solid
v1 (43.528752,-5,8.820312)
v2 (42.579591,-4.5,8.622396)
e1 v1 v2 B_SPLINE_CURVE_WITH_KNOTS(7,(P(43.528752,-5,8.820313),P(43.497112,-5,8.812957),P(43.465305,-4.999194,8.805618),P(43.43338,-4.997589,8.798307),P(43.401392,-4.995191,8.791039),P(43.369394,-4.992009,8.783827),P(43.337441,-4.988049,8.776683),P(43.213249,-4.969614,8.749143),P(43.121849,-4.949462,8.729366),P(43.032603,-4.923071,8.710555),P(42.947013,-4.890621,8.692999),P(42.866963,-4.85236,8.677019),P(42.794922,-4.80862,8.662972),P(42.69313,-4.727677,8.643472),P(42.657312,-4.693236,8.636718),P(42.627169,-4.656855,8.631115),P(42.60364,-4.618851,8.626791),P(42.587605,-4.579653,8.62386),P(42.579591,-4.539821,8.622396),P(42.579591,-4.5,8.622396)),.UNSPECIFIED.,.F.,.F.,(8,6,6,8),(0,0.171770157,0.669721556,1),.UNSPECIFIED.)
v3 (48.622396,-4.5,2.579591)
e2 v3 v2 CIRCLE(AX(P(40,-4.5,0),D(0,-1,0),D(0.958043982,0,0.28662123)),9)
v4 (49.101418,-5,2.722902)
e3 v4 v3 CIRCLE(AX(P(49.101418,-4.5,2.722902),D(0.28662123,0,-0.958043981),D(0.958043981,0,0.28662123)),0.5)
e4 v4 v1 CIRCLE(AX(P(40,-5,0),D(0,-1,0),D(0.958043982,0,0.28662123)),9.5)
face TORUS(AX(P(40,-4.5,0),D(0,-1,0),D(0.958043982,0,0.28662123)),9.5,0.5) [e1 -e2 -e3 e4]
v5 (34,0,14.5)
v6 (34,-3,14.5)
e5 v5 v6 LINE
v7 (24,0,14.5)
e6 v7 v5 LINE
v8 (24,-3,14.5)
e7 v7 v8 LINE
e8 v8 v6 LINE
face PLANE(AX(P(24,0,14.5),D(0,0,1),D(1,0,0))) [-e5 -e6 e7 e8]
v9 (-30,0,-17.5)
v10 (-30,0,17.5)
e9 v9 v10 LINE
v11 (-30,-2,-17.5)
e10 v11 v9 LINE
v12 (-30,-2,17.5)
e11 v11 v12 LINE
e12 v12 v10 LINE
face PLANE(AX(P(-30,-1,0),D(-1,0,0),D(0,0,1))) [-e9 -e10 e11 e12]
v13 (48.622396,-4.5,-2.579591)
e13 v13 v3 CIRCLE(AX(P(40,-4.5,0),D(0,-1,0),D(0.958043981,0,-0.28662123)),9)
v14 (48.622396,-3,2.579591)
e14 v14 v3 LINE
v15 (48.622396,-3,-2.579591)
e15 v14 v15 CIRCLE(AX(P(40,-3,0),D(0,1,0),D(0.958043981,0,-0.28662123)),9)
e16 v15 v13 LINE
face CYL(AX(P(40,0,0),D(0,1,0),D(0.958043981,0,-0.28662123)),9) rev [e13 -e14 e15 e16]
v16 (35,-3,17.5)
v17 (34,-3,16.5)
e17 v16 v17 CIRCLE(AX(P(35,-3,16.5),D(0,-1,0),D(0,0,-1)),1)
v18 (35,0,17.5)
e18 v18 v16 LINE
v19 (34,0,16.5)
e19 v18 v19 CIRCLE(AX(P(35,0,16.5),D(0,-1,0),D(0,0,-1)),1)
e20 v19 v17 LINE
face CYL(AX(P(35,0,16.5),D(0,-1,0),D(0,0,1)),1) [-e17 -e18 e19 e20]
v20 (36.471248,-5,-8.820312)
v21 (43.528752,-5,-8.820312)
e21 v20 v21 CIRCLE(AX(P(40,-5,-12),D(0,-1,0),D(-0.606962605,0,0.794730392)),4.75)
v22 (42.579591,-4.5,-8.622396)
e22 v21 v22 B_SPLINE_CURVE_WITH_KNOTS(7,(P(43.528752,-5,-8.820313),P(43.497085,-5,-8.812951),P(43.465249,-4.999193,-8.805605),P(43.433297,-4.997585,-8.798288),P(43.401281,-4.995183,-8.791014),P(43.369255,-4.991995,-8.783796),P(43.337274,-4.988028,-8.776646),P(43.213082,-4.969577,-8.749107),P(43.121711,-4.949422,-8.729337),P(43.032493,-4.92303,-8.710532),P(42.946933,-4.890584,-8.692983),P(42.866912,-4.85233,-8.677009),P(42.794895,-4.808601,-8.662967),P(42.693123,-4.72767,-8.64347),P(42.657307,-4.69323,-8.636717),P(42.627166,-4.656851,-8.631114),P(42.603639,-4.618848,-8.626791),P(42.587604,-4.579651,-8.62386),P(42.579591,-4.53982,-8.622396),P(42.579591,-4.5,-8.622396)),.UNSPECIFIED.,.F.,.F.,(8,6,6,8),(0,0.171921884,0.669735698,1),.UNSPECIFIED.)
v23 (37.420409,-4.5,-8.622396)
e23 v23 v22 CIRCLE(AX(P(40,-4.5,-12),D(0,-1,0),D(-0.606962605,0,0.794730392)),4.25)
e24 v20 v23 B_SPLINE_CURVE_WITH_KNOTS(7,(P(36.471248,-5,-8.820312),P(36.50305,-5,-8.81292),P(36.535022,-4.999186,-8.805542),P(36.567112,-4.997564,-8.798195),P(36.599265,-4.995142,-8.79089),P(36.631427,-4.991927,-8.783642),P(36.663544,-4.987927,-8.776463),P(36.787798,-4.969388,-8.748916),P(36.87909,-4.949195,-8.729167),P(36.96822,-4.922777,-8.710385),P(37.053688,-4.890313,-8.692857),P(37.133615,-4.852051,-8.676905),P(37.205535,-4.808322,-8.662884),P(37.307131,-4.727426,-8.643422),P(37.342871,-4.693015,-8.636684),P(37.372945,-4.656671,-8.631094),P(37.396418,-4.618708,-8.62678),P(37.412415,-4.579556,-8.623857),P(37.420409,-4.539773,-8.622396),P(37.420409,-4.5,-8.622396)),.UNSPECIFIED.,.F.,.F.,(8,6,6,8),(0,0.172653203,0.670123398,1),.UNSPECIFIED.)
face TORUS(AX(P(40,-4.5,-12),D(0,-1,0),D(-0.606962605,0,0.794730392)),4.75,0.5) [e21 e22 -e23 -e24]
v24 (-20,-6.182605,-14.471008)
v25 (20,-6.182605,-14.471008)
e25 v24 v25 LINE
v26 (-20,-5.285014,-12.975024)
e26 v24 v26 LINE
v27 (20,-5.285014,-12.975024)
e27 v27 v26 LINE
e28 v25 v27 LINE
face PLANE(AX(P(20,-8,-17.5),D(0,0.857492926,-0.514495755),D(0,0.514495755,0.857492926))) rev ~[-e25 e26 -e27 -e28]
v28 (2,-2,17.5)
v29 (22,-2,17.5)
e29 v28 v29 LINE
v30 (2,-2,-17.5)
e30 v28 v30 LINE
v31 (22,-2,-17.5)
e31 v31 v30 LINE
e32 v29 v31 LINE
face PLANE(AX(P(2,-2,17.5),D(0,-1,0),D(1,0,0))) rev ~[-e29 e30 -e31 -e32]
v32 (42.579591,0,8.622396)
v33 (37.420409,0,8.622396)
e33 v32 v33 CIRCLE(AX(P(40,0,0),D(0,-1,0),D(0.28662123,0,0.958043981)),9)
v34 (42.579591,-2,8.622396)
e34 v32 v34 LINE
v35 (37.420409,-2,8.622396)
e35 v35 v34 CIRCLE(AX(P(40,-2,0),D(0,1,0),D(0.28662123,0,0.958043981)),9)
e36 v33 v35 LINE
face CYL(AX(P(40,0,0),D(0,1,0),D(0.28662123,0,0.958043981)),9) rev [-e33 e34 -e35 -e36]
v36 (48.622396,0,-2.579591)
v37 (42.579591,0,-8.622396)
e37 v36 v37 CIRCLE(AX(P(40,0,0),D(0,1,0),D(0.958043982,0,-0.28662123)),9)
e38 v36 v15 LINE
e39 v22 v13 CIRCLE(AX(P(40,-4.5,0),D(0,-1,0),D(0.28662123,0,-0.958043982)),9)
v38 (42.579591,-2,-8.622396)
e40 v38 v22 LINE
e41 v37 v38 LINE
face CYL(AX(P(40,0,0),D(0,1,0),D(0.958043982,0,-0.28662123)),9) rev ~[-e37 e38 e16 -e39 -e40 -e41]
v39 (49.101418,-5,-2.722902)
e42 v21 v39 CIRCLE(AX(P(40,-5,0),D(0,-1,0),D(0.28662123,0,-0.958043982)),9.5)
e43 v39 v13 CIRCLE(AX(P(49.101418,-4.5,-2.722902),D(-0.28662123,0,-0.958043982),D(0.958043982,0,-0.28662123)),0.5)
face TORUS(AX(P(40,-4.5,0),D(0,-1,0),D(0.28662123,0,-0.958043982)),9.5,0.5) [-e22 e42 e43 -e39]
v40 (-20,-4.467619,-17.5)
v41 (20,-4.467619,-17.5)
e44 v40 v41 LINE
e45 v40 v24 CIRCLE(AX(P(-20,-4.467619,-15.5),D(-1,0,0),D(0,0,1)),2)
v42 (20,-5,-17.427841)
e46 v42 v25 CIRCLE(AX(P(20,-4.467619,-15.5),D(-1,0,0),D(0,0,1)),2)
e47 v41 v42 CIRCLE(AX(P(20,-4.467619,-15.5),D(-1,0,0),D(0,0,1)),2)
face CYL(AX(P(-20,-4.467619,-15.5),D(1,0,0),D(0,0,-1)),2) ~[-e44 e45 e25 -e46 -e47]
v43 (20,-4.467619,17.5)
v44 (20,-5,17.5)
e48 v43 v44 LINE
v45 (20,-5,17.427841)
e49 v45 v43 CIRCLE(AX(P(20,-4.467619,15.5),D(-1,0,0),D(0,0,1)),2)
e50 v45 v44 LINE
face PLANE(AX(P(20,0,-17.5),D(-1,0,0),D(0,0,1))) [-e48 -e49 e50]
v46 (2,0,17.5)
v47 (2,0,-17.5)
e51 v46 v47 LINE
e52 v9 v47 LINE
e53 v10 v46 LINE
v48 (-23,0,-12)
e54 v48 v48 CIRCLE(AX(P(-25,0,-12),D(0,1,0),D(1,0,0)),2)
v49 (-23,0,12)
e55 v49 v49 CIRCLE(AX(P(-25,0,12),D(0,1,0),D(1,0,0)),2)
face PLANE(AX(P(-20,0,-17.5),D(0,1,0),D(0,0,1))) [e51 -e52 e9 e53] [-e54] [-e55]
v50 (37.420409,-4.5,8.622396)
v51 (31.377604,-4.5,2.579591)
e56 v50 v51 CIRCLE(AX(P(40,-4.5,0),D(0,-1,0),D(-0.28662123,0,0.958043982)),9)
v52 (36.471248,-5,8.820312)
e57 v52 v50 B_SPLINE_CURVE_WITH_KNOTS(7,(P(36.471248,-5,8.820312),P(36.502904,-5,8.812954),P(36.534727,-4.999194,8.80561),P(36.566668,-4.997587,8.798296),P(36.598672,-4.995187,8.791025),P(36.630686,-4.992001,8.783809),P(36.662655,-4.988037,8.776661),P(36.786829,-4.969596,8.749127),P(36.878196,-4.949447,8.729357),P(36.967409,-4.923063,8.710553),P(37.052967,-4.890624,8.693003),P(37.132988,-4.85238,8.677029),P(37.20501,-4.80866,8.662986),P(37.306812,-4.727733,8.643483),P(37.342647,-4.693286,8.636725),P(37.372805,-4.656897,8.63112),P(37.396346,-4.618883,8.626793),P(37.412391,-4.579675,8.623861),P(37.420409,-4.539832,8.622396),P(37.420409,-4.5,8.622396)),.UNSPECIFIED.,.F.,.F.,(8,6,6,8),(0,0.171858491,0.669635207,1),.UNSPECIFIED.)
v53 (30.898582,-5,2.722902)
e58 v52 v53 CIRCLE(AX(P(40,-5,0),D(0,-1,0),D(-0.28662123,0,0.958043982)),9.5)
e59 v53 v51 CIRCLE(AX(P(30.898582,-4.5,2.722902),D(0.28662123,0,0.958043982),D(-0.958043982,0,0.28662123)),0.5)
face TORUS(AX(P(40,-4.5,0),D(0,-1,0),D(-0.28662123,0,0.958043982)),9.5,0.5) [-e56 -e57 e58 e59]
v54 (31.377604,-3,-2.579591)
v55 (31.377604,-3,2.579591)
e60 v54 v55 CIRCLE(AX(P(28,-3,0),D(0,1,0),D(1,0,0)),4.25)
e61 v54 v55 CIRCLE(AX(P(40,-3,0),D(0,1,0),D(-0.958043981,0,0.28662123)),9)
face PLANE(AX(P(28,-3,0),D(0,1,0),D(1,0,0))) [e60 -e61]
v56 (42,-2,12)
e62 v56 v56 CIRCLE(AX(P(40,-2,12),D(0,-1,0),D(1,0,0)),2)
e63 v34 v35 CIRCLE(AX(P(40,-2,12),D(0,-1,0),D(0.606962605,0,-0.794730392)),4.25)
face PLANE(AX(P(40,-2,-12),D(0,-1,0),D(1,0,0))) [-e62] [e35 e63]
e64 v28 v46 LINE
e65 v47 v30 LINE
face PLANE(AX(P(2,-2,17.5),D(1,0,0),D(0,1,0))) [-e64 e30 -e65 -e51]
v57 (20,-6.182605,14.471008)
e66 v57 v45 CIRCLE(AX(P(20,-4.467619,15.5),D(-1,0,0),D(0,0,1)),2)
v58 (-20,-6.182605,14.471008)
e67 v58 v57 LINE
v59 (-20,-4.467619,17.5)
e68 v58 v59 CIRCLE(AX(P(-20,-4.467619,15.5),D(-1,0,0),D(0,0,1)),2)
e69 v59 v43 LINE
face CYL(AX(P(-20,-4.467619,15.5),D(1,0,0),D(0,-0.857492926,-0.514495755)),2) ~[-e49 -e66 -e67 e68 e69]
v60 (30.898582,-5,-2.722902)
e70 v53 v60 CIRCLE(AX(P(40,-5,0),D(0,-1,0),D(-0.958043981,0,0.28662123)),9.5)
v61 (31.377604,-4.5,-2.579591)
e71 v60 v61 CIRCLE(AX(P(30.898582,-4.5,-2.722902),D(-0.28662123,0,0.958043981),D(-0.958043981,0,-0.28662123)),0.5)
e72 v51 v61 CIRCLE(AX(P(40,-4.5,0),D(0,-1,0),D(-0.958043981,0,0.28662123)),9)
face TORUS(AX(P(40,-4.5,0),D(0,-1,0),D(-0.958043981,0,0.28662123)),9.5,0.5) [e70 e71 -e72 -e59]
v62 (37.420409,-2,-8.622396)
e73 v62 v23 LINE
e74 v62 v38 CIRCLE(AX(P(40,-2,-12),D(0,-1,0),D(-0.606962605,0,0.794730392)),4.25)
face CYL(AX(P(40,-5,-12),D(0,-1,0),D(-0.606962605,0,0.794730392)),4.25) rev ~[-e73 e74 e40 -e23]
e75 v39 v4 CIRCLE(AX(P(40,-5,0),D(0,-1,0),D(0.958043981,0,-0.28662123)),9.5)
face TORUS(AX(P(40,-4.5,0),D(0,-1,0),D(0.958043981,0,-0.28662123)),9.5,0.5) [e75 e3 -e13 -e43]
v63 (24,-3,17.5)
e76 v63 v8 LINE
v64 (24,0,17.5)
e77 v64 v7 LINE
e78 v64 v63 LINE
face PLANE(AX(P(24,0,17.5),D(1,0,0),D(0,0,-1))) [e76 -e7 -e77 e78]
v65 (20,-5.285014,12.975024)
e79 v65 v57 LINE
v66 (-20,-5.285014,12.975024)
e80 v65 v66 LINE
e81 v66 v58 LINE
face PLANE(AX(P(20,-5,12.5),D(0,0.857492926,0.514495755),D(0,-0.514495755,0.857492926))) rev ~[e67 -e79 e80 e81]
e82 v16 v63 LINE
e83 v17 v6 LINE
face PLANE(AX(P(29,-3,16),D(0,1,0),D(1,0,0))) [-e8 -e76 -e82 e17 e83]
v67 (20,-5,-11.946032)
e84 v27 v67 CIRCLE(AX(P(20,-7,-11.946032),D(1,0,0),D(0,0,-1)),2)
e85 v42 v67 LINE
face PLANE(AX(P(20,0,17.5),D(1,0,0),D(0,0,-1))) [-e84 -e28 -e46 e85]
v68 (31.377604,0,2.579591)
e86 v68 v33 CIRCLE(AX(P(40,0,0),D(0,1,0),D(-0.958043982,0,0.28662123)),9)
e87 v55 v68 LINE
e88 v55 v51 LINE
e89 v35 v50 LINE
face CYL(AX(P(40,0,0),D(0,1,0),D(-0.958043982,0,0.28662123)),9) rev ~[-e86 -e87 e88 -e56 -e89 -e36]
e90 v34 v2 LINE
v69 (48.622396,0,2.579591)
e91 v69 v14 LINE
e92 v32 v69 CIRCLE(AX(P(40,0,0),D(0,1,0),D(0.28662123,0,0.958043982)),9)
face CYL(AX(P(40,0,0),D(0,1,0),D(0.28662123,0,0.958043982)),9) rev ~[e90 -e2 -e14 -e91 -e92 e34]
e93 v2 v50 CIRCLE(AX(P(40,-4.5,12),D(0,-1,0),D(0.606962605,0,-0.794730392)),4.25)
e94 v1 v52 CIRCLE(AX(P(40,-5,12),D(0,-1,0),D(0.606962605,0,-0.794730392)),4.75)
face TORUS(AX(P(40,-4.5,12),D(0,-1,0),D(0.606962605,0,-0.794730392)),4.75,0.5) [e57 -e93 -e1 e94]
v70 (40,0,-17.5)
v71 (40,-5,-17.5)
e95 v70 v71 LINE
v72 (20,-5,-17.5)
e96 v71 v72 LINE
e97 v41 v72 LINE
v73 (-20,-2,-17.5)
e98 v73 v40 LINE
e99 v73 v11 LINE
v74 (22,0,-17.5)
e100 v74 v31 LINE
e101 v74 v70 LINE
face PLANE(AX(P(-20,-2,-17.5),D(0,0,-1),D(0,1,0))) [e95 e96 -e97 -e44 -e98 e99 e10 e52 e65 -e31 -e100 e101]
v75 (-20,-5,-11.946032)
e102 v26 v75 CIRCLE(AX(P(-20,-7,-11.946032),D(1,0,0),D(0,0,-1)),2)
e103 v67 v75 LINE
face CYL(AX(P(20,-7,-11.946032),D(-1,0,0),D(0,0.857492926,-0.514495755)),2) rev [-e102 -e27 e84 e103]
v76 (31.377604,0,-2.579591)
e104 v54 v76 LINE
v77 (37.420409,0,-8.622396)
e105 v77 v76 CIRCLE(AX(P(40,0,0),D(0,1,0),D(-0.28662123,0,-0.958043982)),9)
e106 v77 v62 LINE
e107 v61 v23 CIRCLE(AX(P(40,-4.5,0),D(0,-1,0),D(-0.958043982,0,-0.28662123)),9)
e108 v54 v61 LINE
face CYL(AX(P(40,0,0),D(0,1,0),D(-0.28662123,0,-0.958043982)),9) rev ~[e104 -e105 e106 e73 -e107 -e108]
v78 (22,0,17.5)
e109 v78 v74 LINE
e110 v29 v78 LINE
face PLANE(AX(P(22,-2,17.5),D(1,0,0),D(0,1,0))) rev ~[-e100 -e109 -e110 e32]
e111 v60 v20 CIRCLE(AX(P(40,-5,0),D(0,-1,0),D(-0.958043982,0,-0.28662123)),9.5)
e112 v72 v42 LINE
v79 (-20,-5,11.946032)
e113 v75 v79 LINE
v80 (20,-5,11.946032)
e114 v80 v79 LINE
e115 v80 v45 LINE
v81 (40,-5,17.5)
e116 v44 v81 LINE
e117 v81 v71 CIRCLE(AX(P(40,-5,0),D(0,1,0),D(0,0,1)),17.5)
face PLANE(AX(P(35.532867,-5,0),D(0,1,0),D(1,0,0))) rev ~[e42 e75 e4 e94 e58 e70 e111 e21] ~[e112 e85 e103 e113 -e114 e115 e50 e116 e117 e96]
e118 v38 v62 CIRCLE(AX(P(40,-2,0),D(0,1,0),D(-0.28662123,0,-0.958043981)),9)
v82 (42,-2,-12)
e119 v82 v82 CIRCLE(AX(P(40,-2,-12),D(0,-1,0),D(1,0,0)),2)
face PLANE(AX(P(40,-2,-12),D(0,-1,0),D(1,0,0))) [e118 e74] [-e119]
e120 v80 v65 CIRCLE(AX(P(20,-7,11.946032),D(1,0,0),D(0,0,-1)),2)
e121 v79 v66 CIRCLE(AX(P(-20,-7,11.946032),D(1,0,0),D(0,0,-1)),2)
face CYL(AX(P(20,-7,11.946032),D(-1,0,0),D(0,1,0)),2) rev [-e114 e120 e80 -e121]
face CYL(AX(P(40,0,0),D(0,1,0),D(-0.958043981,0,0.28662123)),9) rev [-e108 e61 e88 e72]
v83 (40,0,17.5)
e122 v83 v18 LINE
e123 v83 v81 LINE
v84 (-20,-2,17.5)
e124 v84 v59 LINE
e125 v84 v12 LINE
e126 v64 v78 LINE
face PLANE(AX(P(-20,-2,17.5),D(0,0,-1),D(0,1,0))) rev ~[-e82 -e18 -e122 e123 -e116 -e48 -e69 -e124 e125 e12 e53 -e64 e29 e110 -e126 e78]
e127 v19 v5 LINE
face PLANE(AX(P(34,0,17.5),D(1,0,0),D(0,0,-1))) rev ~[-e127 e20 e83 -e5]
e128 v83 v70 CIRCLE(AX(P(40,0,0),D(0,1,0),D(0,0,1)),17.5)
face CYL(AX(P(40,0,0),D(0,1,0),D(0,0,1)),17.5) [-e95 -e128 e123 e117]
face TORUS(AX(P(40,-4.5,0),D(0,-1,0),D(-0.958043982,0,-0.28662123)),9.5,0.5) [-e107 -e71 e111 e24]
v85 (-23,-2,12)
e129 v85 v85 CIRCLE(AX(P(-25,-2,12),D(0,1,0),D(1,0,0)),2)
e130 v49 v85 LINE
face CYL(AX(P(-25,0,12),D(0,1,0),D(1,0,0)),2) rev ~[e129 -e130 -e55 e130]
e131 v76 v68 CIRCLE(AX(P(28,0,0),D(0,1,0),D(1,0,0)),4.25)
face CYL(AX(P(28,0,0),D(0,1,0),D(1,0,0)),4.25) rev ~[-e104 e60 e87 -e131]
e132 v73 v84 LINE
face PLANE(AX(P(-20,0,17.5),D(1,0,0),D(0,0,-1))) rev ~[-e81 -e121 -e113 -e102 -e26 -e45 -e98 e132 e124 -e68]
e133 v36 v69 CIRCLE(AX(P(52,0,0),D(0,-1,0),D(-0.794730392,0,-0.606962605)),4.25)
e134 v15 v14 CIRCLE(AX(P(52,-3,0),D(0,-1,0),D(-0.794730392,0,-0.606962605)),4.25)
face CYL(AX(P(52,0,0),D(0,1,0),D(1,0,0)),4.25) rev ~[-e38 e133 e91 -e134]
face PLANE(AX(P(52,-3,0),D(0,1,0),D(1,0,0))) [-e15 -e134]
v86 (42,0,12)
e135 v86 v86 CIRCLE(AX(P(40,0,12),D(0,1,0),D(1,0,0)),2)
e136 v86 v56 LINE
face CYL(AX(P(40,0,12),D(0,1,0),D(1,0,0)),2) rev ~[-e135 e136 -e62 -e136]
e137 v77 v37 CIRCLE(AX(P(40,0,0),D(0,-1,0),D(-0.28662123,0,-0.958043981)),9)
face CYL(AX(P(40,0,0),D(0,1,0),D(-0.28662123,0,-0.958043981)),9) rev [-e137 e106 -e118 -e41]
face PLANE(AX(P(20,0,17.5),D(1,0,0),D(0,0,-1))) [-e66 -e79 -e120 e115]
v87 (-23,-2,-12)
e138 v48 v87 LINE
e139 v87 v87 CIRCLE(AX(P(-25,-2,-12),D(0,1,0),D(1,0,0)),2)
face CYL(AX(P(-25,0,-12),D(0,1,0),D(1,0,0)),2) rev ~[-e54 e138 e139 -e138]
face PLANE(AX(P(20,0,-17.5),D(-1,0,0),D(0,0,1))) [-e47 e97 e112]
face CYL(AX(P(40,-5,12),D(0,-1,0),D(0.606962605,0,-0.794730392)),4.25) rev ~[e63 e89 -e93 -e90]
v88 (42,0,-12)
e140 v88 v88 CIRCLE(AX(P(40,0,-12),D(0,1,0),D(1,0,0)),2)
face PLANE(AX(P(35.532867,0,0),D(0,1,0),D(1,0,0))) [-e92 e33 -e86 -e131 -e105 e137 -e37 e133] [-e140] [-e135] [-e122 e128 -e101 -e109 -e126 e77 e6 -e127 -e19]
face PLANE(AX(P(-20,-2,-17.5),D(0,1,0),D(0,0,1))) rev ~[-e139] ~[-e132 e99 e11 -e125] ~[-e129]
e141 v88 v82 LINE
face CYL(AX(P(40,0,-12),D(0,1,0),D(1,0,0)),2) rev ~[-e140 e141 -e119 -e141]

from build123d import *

# Parameters (mm, degrees)
SKETCH1_W               = 40
SKETCH1_H               = 35
BOSS_EXTRUDE1_DEPTH     = 8
CUT_EXTRUDE1_DEPTH      = 1
CUT_EXTRUDE1_DEPTH_BACK = 41
FILLET1_R               = 2
SKETCH6_R               = 2
BOSS_EXTRUDE2_DEPTH     = 5
CUT_EXTRUDE2_DEPTH      = 7.467619242
SKETCH6_7_R             = 4.25
CUT_EXTRUDE3_DEPTH      = 3
SKETCH7_W               = 10
SKETCH7_H               = 3
CUT_EXTRUDE4_DEPTH      = 3
FILLET2_R               = 1
SKETCH8_W               = 20
SKETCH8_H               = 2
CUT_EXTRUDE5_DEPTH      = 36
SKETCH10_R              = 4.25
SKETCH10_R_2            = 2
SKETCH10_R_3            = 9
CUT_EXTRUDE6_DEPTH      = 3
FILLET3_R               = 0.5
SKETCH5_W               = 35
SKETCH5_H               = 2
BOSS_EXTRUDE3_DEPTH     = 10
SKETCH12_R              = 2
CUT_EXTRUDE7_DEPTH      = 7.467619242


with BuildPart() as part:
    # Sketch1 → Boss-Extrude1 (new body)
    with BuildSketch(Plane(origin=(0, 0, 0), x_dir=(1, 0, 0), z_dir=(0, 1, 0))):
        Rectangle(SKETCH1_W, SKETCH1_H)
    extrude(amount=-BOSS_EXTRUDE1_DEPTH)

    # Sketch2 → Cut-Extrude1 (cut, two sides)
    with BuildSketch(Plane(origin=(20, 0, 0), x_dir=(0, 0, -1), z_dir=(1, 0, 0))) as cut_extrude1_sk:
        Polygon((-12.5, -5), (-17.5, -8), (0, -8), (0, -5), align=None)
        Polygon((0, -5), (0, -8), (17.5, -8), (12.5, -5), align=None)
    extrude(amount=CUT_EXTRUDE1_DEPTH, mode=Mode.SUBTRACT)
    extrude(cut_extrude1_sk.sketch, amount=-CUT_EXTRUDE1_DEPTH_BACK, mode=Mode.SUBTRACT)

    # Fillet1
    fillet1_edges = [part.edges().sort_by_distance(p)[0] for p in [
        (0, -8, -17.5),
        (0, -5, 12.5),
        (0, -5, -12.5),
        (0, -8, 17.5),
    ]]
    fillet(fillet1_edges, radius=FILLET1_R)

    # Sketch6 → Boss-Extrude2 (add)
    with BuildSketch(Plane(origin=(0, 0, 0), x_dir=(1, 0, 0), z_dir=(0, 1, 0))):
        with BuildLine():
            Line((20, 17.5), (20, -17.5))
            Line((20, -17.5), (40, -17.5))
            ThreePointArc((40, -17.5), (57.5, 0), (40, 17.5))
            Line((40, 17.5), (20, 17.5))
        make_face()
        with Locations((40, -12)):
            Circle(SKETCH6_R, mode=Mode.SUBTRACT)
        with BuildLine():
            ThreePointArc((37.420408929, -8.622395833), (40, -7.75), (42.579591071, -8.622395833))
            ThreePointArc((42.579591071, -8.622395833), (40, -9), (37.420408929, -8.622395833))
        make_face(mode=Mode.SUBTRACT)
        with BuildLine():
            ThreePointArc((31.377604167, -2.579591071), (31, 0), (31.377604167, 2.579591071))
            ThreePointArc((31.377604167, 2.579591071), (32.025997871, 1.361558352), (32.25, 0))
            ThreePointArc((32.25, 0), (32.025997871, -1.361558352), (31.377604167, -2.579591071))
        make_face(mode=Mode.SUBTRACT)
        with BuildLine():
            ThreePointArc((37.420408929, 8.622395833), (40, 9), (42.579591071, 8.622395833))
            ThreePointArc((42.579591071, 8.622395833), (40, 7.75), (37.420408929, 8.622395833))
        make_face(mode=Mode.SUBTRACT)
        with Locations((40, 12)):
            Circle(SKETCH6_R, mode=Mode.SUBTRACT)
        with BuildLine():
            ThreePointArc((48.622395833, -2.579591071), (47.75, 0), (48.622395833, 2.579591071))
            ThreePointArc((48.622395833, 2.579591071), (49, 0), (48.622395833, -2.579591071))
        make_face(mode=Mode.SUBTRACT)
    extrude(amount=-BOSS_EXTRUDE2_DEPTH)

    # Sketch6<6> → Cut-Extrude2 (cut, through all)
    with BuildSketch(Plane(origin=(0, 0, 0), x_dir=(1, 0, 0), z_dir=(0, 1, 0))):
        with BuildLine():
            ThreePointArc((37.420408929, 8.622395833), (33.636038969, 6.363961031), (31.377604167, 2.579591071))
            ThreePointArc((31.377604167, 2.579591071), (32.025997871, 1.361558352), (32.25, 0))
            ThreePointArc((32.25, 0), (32.025997871, -1.361558352), (31.377604167, -2.579591071))
            ThreePointArc((31.377604167, -2.579591071), (33.636038969, -6.363961031), (37.420408929, -8.622395833))
            ThreePointArc((37.420408929, -8.622395833), (40, -7.75), (42.579591071, -8.622395833))
            ThreePointArc((42.579591071, -8.622395833), (46.363961031, -6.363961031), (48.622395833, -2.579591071))
            ThreePointArc((48.622395833, -2.579591071), (47.75, 0), (48.622395833, 2.579591071))
            ThreePointArc((48.622395833, 2.579591071), (46.363961031, 6.363961031), (42.579591071, 8.622395833))
            ThreePointArc((42.579591071, 8.622395833), (40, 7.75), (37.420408929, 8.622395833))
        make_face()
    extrude(amount=-CUT_EXTRUDE2_DEPTH, mode=Mode.SUBTRACT)

    # Sketch6<7> → Cut-Extrude3 (cut)
    with BuildSketch(Plane(origin=(0, 0, 0), x_dir=(1, 0, 0), z_dir=(0, 1, 0))):
        with Locations((52, 0)):
            Circle(SKETCH6_7_R)
        with Locations((28, 0)):
            Circle(SKETCH6_7_R)
    extrude(amount=-CUT_EXTRUDE3_DEPTH, mode=Mode.SUBTRACT)

    # Sketch7 → Cut-Extrude4 (cut)
    with BuildSketch(Plane(origin=(0, 0, 0), x_dir=(1, 0, 0), z_dir=(0, 1, 0))):
        with Locations((29, -16)):
            Rectangle(SKETCH7_W, SKETCH7_H)
    extrude(amount=-CUT_EXTRUDE4_DEPTH, mode=Mode.SUBTRACT)

    # Fillet2
    fillet2_edges = [part.edges().sort_by_distance(p)[0] for p in [
        (34, -1.5, 17.5),
    ]]
    fillet(fillet2_edges, radius=FILLET2_R)

    # Sketch8 → Cut-Extrude5 (cut, through all)
    with BuildSketch(Plane.XY.offset(17.5)):
        with Locations((12, -1)):
            Rectangle(SKETCH8_W, SKETCH8_H)
    extrude(amount=-CUT_EXTRUDE5_DEPTH, mode=Mode.SUBTRACT)

    # Sketch10 → Cut-Extrude6 (cut)
    with BuildSketch(Plane.XZ.offset(5)):
        with Locations((40, -12)):
            Circle(SKETCH10_R)
        with Locations((40, -12)):
            Circle(SKETCH10_R_2, mode=Mode.SUBTRACT)
        with Locations((40, 0)):
            Circle(SKETCH10_R_3)
        with Locations((40, 12)):
            Circle(SKETCH10_R)
        with Locations((40, 12)):
            Circle(SKETCH10_R_2, mode=Mode.SUBTRACT)
        with Locations((40, 0)):
            Circle(SKETCH10_R_3)
    extrude(amount=-CUT_EXTRUDE6_DEPTH, mode=Mode.SUBTRACT)

    # Fillet3
    fillet3_edges = [part.edges().sort_by_distance(p)[0] for p in [
        (49, -5, 0),
        (40, -5, -16.25),
        (40, -5, 16.25),
        (31, -5, 0),
    ]]
    fillet(fillet3_edges, radius=FILLET3_R)

    # Sketch5 → Boss-Extrude3 (add)
    with BuildSketch(Plane.ZY.offset(20)):
        with Locations((0, -1)):
            Rectangle(SKETCH5_W, SKETCH5_H)
    extrude(amount=BOSS_EXTRUDE3_DEPTH)

    # Sketch12 → Cut-Extrude7 (cut, through all)
    with BuildSketch(Plane(origin=(0, 0, 0), x_dir=(1, 0, 0), z_dir=(0, 1, 0))):
        with Locations((-25, 12)):
            Circle(SKETCH12_R)
        with Locations((-25, -12)):
            Circle(SKETCH12_R)
    extrude(amount=-CUT_EXTRUDE7_DEPTH, mode=Mode.SUBTRACT)


solid = part.part
